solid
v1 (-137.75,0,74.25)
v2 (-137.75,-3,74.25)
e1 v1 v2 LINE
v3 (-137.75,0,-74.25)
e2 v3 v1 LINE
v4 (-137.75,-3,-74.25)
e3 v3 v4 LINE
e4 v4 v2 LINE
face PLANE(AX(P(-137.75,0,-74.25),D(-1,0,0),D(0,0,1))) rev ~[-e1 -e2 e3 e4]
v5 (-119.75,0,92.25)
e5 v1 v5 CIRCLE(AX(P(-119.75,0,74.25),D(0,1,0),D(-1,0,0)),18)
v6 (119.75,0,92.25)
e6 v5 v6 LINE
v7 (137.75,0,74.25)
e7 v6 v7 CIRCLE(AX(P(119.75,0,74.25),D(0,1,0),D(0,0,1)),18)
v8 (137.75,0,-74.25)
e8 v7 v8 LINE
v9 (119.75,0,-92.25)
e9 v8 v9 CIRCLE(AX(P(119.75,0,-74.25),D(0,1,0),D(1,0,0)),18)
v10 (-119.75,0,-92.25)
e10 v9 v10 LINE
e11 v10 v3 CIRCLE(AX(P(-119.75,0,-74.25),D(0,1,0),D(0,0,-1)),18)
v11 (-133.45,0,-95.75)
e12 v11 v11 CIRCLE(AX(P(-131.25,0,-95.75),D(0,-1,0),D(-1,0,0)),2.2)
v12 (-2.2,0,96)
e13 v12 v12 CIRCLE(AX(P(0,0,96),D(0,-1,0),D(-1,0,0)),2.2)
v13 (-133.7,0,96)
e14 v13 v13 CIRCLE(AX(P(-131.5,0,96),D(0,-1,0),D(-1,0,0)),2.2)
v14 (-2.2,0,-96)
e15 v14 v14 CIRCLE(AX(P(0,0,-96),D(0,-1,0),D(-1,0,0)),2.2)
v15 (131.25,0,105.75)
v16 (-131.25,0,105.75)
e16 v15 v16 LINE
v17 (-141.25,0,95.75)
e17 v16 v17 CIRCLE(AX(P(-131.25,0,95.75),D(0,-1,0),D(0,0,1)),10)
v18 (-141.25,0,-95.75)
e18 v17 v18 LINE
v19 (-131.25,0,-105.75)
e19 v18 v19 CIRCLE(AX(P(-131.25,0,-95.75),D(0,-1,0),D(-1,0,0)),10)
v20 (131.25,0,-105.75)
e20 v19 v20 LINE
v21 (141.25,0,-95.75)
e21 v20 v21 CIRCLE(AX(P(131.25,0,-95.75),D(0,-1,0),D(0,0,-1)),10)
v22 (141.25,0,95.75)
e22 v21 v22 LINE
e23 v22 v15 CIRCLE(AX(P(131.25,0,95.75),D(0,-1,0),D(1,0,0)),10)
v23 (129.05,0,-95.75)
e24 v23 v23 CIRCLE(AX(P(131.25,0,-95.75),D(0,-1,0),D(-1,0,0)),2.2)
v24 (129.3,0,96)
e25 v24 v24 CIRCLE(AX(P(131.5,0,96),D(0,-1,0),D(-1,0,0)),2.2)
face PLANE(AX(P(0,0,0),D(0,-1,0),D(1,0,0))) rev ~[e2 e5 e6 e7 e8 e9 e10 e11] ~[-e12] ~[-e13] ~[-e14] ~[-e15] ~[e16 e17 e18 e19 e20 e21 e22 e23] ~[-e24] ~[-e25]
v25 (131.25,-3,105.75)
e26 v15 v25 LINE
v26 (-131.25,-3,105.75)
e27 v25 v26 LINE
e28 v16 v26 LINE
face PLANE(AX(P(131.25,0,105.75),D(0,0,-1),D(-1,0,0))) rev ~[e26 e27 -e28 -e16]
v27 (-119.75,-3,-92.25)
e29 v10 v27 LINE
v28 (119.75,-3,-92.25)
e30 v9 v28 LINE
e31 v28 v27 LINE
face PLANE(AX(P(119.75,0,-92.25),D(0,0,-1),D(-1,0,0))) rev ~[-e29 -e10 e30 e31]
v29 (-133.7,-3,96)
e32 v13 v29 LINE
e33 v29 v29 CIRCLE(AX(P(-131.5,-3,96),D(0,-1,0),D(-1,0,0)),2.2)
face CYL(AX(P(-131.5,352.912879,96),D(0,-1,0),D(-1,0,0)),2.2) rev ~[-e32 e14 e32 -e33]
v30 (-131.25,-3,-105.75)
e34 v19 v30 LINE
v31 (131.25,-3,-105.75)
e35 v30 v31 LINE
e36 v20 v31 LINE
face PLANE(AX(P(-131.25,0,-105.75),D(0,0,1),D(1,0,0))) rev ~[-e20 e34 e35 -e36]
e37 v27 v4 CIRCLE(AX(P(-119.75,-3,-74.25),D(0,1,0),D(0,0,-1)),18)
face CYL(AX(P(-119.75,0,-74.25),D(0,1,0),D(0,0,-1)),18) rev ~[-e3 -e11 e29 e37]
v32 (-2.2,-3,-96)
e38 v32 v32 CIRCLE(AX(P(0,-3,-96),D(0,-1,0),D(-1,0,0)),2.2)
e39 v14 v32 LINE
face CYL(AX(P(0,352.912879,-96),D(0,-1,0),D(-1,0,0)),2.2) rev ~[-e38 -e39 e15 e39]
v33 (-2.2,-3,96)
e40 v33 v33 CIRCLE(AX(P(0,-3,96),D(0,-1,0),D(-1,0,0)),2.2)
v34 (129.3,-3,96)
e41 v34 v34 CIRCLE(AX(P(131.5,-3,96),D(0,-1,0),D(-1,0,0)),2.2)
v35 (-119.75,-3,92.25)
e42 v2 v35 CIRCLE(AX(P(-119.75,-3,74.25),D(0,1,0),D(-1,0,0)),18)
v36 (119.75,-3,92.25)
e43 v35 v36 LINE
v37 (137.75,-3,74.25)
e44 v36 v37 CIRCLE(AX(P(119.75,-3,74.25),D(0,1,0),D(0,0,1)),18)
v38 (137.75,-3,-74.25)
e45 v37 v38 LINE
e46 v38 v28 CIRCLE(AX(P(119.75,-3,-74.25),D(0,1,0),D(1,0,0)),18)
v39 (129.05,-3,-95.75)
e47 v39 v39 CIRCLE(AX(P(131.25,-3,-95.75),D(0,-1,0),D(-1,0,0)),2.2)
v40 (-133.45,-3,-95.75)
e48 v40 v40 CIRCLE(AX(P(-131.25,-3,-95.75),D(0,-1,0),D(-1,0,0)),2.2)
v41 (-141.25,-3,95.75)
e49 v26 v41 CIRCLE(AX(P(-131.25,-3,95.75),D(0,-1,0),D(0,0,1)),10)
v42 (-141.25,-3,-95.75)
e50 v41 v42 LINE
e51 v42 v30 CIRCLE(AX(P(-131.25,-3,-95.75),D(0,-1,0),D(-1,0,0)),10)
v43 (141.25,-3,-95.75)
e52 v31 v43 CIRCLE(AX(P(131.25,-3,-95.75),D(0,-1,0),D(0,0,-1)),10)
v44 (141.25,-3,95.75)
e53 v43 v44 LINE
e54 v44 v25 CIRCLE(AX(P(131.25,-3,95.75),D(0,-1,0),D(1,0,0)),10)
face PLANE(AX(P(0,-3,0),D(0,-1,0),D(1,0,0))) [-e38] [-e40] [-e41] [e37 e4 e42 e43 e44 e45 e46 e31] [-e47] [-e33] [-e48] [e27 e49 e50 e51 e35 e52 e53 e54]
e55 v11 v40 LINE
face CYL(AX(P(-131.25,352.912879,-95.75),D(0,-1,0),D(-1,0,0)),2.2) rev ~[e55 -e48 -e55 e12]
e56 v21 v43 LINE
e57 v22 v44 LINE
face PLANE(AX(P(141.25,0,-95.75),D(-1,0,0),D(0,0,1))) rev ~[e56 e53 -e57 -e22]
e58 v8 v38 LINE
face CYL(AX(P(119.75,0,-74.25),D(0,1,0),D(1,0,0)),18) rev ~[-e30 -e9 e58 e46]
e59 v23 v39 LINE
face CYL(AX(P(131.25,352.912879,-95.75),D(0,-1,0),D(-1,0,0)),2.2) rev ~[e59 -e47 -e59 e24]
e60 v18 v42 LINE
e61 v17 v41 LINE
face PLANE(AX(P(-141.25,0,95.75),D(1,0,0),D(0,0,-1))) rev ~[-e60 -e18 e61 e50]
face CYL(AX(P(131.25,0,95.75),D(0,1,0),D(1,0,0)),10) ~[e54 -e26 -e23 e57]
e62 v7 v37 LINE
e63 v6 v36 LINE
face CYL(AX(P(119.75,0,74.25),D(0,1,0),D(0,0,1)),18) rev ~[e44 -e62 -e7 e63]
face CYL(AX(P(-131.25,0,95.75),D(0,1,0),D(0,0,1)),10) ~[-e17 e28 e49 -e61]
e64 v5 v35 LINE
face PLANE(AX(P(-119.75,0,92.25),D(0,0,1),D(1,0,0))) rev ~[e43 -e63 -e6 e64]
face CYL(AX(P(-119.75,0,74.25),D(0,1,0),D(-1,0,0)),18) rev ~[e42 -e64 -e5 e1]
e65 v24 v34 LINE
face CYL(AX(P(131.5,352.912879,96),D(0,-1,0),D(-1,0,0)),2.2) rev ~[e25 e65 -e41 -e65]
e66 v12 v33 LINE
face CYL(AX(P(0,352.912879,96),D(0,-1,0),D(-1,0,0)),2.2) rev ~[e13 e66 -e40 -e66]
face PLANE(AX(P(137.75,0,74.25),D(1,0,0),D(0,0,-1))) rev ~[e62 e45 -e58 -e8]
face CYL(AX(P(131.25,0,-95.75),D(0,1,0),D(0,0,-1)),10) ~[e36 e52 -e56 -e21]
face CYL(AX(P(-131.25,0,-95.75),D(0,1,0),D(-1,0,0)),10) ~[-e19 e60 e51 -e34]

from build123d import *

# Parameters (mm, degrees)
F1_DEPTH = 3
F2_D     = 4.4


with BuildPart() as f1:
    # F0 (on Front) → F1 (new body)
    with BuildSketch(Plane.XZ):
        with BuildLine():
            Line((-131.25, -105.75), (131.25, -105.75))
            ThreePointArc((131.25, -105.75), (138.3210678119, -102.8210678119), (141.25, -95.75))
            Line((141.25, -95.75), (141.25, 95.75))
            ThreePointArc((141.25, 95.75), (138.3210678119, 102.8210678119), (131.25, 105.75))
            Line((131.25, 105.75), (-131.25, 105.75))
            ThreePointArc((-131.25, 105.75), (-138.3210678119, 102.8210678119), (-141.25, 95.75))
            Line((-141.25, 95.75), (-141.25, -95.75))
            ThreePointArc((-141.25, -95.75), (-138.3210678119, -102.8210678119), (-131.25, -105.75))
        make_face()
        with BuildLine():
            ThreePointArc((137.75, -74.25), (132.4779220614, -86.9779220614), (119.75, -92.25))
            Line((119.75, -92.25), (-119.75, -92.25))
            ThreePointArc((-119.75, -92.25), (-132.4779220614, -86.9779220614), (-137.75, -74.25))
            Line((-137.75, -74.25), (-137.75, 74.25))
            ThreePointArc((-137.75, 74.25), (-132.4779220614, 86.9779220614), (-119.75, 92.25))
            Line((-119.75, 92.25), (119.75, 92.25))
            ThreePointArc((119.75, 92.25), (132.4779220614, 86.9779220614), (137.75, 74.25))
            Line((137.75, 74.25), (137.75, -74.25))
        make_face(mode=Mode.SUBTRACT)
    extrude(amount=F1_DEPTH)

    # F2 (through all)
    with Locations(Plane(origin=(0, 0, 0), x_dir=(1, 0, 0), z_dir=(0, 1, 0))):
        with Locations((-131.5, -96), (0, -96), (131.5, -96), (131.25, 95.75), (0, 96), (-131.25, 95.75)):
            Hole(F2_D / 2)


solid = f1.part
